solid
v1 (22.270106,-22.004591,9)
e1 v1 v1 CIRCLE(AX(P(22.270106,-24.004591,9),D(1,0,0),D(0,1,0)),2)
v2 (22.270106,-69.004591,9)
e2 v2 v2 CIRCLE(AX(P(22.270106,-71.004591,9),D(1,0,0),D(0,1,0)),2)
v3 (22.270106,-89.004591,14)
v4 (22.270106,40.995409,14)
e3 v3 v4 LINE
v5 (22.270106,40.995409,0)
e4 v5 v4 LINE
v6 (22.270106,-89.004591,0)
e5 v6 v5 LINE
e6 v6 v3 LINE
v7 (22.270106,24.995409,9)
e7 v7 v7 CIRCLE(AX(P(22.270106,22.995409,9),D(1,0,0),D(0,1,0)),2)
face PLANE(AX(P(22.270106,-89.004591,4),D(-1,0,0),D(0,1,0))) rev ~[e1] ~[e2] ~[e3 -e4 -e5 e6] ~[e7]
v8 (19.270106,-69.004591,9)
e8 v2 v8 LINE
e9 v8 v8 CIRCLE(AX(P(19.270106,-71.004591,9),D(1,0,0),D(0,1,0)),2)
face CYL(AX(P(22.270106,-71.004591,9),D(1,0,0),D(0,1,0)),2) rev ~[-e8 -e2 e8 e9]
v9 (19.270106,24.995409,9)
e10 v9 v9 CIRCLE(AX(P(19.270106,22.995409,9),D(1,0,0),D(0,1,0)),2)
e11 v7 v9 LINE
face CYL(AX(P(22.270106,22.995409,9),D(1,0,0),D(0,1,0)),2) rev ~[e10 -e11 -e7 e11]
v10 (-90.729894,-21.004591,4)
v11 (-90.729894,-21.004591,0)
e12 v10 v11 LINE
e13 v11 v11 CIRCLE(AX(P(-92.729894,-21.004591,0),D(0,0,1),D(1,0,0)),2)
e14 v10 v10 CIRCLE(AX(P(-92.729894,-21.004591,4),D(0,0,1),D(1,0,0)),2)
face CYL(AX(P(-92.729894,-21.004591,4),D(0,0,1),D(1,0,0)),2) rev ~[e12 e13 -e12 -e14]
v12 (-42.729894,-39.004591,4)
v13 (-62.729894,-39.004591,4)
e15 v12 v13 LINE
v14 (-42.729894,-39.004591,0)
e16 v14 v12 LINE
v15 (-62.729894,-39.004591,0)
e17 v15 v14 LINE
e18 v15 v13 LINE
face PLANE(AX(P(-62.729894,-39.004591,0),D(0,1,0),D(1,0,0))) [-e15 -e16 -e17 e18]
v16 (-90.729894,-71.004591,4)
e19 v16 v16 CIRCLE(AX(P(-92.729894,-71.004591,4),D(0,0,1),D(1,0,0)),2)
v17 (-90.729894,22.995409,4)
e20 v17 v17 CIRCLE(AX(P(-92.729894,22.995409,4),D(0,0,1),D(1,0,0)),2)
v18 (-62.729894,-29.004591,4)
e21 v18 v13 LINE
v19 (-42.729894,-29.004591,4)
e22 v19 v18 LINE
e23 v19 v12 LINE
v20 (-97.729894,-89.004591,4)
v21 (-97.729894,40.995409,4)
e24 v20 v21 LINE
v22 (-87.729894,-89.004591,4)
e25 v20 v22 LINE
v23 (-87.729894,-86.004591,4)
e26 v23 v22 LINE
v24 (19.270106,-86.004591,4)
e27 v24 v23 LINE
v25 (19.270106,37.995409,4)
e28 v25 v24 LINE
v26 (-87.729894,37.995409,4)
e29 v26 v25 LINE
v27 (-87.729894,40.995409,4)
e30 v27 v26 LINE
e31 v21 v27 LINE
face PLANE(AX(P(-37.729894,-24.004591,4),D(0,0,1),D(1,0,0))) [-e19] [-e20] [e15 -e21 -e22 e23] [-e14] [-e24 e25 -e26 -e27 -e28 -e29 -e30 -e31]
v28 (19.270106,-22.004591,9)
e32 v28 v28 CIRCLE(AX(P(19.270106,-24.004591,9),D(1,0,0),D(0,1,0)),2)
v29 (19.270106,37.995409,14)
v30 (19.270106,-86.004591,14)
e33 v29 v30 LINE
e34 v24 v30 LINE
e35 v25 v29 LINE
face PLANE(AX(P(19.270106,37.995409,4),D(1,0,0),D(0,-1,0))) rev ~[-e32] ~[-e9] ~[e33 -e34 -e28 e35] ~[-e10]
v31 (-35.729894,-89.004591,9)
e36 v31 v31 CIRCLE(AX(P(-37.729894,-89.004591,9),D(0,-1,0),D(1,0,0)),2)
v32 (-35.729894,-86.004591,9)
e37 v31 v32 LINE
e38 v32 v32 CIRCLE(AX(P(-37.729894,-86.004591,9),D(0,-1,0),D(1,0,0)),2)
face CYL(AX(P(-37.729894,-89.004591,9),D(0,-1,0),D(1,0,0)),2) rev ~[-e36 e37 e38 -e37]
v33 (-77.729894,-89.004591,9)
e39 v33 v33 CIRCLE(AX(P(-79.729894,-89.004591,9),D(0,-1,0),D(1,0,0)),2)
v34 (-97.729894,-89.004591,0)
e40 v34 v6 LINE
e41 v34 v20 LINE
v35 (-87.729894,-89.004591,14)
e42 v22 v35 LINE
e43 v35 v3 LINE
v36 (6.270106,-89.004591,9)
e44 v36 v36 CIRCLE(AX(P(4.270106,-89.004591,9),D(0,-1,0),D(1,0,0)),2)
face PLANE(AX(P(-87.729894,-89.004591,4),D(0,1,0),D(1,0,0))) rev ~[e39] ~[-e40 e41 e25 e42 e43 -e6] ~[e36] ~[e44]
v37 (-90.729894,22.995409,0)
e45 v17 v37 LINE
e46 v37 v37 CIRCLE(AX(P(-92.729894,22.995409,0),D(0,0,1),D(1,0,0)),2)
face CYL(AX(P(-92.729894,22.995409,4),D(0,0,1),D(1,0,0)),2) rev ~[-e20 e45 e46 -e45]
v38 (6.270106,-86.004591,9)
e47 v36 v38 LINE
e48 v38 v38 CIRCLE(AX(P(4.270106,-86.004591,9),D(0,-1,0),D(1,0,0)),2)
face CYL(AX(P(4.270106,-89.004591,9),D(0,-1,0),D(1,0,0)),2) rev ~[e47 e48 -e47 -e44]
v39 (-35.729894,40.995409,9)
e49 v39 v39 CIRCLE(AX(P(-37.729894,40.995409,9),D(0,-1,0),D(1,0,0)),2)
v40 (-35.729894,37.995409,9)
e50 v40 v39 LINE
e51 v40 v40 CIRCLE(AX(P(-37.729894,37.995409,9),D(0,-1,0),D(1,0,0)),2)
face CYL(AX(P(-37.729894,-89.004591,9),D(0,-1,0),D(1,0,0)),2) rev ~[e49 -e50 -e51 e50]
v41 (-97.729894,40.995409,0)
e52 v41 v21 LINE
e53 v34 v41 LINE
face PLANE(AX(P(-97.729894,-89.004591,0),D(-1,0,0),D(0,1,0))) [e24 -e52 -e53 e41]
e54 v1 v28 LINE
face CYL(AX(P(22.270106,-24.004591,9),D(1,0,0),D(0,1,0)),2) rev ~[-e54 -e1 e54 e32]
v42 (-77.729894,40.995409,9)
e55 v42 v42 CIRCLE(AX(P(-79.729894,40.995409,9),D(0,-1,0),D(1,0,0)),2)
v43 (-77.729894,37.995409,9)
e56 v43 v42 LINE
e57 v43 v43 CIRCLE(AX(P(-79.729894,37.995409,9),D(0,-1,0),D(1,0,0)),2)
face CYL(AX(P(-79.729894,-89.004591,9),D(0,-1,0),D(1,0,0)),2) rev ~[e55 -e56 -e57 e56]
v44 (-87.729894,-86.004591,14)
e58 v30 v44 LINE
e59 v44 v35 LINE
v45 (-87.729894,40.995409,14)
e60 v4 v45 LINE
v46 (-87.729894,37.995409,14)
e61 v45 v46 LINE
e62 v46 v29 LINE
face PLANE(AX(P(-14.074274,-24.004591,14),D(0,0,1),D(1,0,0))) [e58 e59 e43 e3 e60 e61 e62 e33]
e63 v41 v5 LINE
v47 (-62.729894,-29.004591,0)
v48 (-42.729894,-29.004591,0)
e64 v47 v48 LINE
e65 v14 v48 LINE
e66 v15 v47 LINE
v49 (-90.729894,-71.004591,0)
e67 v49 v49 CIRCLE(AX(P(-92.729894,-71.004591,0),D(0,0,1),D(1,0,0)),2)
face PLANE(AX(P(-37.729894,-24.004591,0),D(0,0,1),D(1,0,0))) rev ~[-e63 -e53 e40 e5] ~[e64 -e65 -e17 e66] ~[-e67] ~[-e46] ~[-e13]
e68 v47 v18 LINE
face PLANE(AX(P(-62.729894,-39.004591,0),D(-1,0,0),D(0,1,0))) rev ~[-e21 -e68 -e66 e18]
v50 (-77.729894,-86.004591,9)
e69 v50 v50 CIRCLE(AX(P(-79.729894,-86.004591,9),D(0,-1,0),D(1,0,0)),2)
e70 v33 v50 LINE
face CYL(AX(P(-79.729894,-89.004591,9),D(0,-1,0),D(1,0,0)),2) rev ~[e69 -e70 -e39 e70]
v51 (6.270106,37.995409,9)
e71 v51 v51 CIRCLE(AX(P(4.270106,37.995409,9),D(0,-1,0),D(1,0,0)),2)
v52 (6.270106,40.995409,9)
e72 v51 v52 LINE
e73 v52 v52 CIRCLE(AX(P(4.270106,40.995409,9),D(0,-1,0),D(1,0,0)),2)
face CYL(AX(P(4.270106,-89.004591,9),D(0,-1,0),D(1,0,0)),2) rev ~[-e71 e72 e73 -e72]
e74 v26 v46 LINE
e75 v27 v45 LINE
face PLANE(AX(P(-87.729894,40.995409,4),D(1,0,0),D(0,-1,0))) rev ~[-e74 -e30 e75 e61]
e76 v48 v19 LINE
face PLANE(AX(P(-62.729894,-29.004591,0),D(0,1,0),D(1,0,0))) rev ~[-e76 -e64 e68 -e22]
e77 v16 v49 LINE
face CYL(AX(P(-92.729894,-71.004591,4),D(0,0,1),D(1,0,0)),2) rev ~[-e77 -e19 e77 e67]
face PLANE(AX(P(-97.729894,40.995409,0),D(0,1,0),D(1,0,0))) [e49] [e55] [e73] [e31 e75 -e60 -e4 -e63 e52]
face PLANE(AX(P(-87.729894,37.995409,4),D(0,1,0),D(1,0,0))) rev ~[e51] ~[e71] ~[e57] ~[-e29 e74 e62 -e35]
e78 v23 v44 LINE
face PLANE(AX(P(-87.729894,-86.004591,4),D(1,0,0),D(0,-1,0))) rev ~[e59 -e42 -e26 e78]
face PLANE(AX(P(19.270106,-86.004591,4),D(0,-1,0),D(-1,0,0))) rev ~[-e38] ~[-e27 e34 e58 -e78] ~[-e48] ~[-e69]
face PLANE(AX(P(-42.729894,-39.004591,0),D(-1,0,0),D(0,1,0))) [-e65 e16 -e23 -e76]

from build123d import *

# Parameters (mm, degrees)
F0_W      = 120
F0_H      = 130
F1_DEPTH  = 4
F3_DEPTH  = 10
F4_R      = 2
F5_DEPTH  = 5
F6_R      = 2
F7_DEPTH  = 135
F8_R      = 2
F9_DEPTH  = 5
F10_W     = 20
F10_H     = 10
F11_DEPTH = 5


with BuildPart() as f1:
    # F0 (on Top) → F1 (new body)
    with BuildSketch(Plane.XY):
        with Locations((-37.729894, -24.004591)):
            Rectangle(F0_W, F0_H)
    extrude(amount=F1_DEPTH)

    # F2 (on face) → F3 (join)
    with BuildSketch(Plane.XY.offset(4)):
        Polygon((-87.729894, -86.004591), (-87.729894, -89.004591), (22.270106, -89.004591), (22.270106, 40.995409), (-87.729894, 40.995409), (-87.729894, 37.995409), (19.270106, 37.995409), (19.270106, -86.004591), align=None)
    extrude(amount=F3_DEPTH)

    # F4 (on face) → F5 (cut)
    with BuildSketch(Plane.XY.offset(4)):
        with Locations((-92.729894, -21.004591)):
            Circle(F4_R)
        with Locations((-92.729894, -71.004591)):
            Circle(F4_R)
        with Locations((-92.729894, 22.995409)):
            Circle(F4_R)
    extrude(amount=-F5_DEPTH, mode=Mode.SUBTRACT)

    # F6 (on face) → F7 (cut)
    with BuildSketch(Plane.XZ.offset(89.004591)):
        with Locations((4.270106, 9)):
            Circle(F6_R)
        with Locations((-37.729894, 9)):
            Circle(F6_R)
        with Locations((-79.729894, 9)):
            Circle(F6_R)
    extrude(amount=-F7_DEPTH, mode=Mode.SUBTRACT)

    # F8 (on face) → F9 (cut)
    with BuildSketch(Plane.YZ.offset(22.270106)):
        with Locations((-71.004591, 9)):
            Circle(F8_R)
        with Locations((-24.004591, 9)):
            Circle(F8_R)
        with Locations((22.995409, 9)):
            Circle(F8_R)
    extrude(amount=-F9_DEPTH, mode=Mode.SUBTRACT)

    # F10 (on face) → F11 (cut)
    with BuildSketch(Plane.XY):
        with Locations((-52.729894, -34.004591)):
            Rectangle(F10_W, F10_H)
    extrude(amount=F11_DEPTH, mode=Mode.SUBTRACT)


solid = f1.part
